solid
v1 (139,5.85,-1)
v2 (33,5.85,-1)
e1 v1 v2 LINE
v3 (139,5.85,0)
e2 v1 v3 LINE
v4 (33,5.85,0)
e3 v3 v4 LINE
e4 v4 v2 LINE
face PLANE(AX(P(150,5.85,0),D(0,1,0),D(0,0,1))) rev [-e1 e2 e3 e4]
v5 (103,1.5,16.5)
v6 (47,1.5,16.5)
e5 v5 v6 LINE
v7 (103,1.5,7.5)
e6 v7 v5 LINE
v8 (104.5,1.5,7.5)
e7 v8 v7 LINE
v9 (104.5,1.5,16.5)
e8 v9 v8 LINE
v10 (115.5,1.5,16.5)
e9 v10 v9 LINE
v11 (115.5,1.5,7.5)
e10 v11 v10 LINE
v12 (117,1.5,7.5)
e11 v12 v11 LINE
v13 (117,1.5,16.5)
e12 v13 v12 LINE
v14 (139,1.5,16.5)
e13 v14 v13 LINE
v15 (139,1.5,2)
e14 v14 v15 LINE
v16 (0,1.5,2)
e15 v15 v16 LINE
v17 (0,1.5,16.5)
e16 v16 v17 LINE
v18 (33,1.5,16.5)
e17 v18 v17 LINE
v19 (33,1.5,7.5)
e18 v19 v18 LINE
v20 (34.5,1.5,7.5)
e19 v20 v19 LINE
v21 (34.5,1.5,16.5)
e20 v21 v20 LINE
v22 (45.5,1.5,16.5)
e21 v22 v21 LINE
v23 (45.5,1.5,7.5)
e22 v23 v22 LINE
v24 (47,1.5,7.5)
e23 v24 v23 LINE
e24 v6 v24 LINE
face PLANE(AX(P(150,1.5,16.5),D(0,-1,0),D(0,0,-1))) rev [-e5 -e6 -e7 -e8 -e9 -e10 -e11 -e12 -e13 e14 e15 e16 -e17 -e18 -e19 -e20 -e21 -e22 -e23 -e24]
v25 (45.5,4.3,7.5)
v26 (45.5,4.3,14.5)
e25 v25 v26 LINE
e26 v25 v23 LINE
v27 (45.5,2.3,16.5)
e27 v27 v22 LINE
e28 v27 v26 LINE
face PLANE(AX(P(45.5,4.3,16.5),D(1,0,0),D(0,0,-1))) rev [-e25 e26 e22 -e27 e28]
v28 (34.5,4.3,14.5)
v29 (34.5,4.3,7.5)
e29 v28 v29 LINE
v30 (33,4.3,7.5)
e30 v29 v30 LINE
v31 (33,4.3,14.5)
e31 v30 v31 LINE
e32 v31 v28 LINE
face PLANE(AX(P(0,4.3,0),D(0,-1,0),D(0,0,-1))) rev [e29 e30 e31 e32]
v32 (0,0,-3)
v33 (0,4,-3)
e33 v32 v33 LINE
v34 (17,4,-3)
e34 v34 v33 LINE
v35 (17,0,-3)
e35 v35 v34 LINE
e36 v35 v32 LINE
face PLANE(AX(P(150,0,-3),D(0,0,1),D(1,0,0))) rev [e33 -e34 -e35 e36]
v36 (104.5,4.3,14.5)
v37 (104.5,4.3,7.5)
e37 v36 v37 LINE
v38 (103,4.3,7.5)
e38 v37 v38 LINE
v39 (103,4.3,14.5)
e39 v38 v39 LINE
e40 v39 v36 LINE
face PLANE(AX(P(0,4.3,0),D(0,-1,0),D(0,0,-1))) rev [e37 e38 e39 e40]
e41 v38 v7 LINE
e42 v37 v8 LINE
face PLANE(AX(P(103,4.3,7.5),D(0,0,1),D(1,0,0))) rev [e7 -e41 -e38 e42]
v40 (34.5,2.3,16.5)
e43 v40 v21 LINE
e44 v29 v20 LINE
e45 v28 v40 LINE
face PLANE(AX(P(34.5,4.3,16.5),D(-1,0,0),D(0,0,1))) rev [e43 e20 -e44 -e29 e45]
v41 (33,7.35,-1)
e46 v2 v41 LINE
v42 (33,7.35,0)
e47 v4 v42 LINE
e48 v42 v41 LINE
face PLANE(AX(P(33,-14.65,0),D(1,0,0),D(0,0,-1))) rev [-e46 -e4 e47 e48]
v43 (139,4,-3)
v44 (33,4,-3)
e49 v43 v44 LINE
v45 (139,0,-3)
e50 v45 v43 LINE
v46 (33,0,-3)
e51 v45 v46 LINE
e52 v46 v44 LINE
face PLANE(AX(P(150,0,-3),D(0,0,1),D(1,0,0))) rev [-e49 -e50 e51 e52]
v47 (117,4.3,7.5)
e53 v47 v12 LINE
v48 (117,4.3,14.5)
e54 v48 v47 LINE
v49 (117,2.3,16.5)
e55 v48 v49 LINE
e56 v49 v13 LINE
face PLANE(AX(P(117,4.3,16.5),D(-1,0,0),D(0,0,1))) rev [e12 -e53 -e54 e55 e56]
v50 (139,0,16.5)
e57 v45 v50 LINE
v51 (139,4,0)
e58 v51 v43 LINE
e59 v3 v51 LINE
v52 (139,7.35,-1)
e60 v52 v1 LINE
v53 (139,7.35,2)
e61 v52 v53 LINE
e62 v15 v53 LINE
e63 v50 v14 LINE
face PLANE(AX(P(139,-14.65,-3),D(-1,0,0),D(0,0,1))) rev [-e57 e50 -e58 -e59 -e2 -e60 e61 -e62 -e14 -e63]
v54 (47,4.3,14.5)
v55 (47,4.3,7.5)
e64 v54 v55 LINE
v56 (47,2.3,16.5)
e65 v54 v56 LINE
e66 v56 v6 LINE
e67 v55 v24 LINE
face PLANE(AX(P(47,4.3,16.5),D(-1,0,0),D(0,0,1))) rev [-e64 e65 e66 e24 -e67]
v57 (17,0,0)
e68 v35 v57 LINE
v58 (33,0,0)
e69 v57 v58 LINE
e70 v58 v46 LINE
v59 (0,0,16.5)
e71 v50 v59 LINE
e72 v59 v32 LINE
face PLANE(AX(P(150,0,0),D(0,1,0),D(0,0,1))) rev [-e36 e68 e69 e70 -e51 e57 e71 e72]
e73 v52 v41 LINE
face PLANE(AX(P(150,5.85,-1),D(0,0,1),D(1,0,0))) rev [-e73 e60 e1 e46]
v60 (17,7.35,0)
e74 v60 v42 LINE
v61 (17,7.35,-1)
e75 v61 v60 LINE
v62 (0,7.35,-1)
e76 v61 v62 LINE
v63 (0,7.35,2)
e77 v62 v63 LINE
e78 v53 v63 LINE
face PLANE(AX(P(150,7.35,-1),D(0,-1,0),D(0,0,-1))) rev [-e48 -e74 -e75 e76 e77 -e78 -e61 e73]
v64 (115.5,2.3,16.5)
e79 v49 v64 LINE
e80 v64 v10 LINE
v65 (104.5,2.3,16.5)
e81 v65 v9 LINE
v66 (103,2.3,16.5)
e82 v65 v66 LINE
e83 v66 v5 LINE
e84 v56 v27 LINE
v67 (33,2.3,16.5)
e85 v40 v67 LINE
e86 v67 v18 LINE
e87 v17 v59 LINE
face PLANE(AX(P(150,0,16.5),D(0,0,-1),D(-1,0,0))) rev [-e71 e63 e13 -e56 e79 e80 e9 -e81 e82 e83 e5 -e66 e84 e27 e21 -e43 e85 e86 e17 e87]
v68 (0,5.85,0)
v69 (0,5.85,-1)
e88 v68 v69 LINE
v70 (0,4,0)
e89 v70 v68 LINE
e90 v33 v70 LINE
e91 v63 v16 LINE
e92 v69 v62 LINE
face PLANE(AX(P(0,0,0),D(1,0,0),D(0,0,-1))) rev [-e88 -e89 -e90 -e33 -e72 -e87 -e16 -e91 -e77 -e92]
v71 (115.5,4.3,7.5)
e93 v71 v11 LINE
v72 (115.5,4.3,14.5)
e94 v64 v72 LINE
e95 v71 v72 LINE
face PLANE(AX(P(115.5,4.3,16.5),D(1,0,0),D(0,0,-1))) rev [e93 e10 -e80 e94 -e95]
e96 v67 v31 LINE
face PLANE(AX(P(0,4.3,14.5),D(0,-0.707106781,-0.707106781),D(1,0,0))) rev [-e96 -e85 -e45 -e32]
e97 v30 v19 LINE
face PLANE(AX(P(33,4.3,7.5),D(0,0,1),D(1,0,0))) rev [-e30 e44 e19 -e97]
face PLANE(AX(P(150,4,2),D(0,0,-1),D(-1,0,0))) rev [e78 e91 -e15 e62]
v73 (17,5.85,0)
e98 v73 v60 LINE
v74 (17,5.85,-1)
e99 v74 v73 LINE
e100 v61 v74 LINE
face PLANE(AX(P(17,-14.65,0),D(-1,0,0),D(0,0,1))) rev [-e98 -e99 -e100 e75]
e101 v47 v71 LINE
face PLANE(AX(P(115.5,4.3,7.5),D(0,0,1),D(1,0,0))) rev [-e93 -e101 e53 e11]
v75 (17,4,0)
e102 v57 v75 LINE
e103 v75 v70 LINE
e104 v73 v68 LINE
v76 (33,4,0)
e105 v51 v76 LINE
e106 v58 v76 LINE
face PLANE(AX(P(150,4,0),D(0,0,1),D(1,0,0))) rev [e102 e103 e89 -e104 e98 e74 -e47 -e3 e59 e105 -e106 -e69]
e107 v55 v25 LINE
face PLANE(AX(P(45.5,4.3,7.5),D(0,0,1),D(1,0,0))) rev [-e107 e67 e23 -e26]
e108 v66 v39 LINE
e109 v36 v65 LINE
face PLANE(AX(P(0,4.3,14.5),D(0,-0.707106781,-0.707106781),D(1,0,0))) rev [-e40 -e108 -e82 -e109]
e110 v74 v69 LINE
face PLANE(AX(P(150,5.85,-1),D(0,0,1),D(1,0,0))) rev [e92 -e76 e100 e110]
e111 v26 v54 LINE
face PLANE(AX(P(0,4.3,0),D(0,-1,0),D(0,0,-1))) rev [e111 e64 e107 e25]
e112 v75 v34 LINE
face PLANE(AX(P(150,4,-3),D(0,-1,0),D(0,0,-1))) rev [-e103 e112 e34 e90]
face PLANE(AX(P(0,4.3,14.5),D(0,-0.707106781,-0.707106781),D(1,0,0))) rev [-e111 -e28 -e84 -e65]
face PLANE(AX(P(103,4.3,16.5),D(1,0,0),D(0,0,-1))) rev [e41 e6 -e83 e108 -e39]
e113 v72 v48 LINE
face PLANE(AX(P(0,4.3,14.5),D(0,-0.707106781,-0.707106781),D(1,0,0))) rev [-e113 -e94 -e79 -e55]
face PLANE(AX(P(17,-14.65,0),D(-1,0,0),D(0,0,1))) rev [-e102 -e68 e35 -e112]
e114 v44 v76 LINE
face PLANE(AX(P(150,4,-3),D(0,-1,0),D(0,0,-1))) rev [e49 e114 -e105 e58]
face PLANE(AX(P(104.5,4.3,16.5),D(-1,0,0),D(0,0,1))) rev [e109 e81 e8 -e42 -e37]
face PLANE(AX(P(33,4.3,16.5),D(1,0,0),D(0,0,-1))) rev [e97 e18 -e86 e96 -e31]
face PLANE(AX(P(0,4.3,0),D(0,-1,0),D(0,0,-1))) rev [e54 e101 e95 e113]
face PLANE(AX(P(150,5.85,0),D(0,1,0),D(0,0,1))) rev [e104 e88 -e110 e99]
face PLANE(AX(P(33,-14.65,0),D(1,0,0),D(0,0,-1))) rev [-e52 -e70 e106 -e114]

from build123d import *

# Parameters (mm, degrees)
BOSS_EXTRUDE1_DEPTH = 150
SKETCH2_W           = 1.5
SKETCH2_H           = 9
BOSS_EXTRUDE2_DEPTH = 2.8
SKETCH4_W           = 16
SKETCH4_H           = 3
SKETCH4_W_2         = 11
SKETCH4_H_2         = 19.5
CUT_EXTRUDE2_DEPTH  = 22
CHAMFER1_SIZE       = 2


with BuildPart() as part:
    # Sketch1 → Boss-Extrude1 (new body)
    with BuildSketch(Plane(origin=(0, 0, 0), x_dir=(0, 0, -1), z_dir=(1, 0, 0))):
        Polygon((0, 0), (-16.5, 0), (-16.5, 1.5), (-2, 1.5), (-2, 4), (-2, 7.35), (1, 7.35), (1, 5.85), (0, 5.85), (0, 4), (3, 4), (3, 0), align=None)
    extrude(amount=BOSS_EXTRUDE1_DEPTH)

    # Sketch2 → Boss-Extrude2 (add)
    with BuildSketch(Plane(origin=(0, 1.5, 0), x_dir=(1, 0, 0), z_dir=(0, 1, 0))):
        with Locations((33.75, -12)):
            Rectangle(SKETCH2_W, SKETCH2_H)
        with Locations((46.25, -12)):
            Rectangle(SKETCH2_W, SKETCH2_H)
        with Locations((103.75, -12)):
            Rectangle(SKETCH2_W, SKETCH2_H)
        with Locations((116.25, -12)):
            Rectangle(SKETCH2_W, SKETCH2_H)
    extrude(amount=BOSS_EXTRUDE2_DEPTH)

    # Sketch4 → Cut-Extrude2 (cut)
    with BuildSketch(Plane(origin=(0, 7.35, 0), x_dir=(1, 0, 0), z_dir=(0, 1, 0))):
        with Locations((25, 1.5)):
            Rectangle(SKETCH4_W, SKETCH4_H)
        with Locations((144.5, -6.75)):
            Rectangle(SKETCH4_W_2, SKETCH4_H_2)
    extrude(amount=-CUT_EXTRUDE2_DEPTH, mode=Mode.SUBTRACT)

    # Chamfer1
    chamfer1_edges = [part.edges().sort_by_distance(p)[0] for p in [
        (33.75, 4.3, 16.5),
        (46.25, 4.3, 16.5),
        (103.75, 4.3, 16.5),
        (116.25, 4.3, 16.5),
    ]]
    chamfer(chamfer1_edges, length=CHAMFER1_SIZE)


solid = part.part
